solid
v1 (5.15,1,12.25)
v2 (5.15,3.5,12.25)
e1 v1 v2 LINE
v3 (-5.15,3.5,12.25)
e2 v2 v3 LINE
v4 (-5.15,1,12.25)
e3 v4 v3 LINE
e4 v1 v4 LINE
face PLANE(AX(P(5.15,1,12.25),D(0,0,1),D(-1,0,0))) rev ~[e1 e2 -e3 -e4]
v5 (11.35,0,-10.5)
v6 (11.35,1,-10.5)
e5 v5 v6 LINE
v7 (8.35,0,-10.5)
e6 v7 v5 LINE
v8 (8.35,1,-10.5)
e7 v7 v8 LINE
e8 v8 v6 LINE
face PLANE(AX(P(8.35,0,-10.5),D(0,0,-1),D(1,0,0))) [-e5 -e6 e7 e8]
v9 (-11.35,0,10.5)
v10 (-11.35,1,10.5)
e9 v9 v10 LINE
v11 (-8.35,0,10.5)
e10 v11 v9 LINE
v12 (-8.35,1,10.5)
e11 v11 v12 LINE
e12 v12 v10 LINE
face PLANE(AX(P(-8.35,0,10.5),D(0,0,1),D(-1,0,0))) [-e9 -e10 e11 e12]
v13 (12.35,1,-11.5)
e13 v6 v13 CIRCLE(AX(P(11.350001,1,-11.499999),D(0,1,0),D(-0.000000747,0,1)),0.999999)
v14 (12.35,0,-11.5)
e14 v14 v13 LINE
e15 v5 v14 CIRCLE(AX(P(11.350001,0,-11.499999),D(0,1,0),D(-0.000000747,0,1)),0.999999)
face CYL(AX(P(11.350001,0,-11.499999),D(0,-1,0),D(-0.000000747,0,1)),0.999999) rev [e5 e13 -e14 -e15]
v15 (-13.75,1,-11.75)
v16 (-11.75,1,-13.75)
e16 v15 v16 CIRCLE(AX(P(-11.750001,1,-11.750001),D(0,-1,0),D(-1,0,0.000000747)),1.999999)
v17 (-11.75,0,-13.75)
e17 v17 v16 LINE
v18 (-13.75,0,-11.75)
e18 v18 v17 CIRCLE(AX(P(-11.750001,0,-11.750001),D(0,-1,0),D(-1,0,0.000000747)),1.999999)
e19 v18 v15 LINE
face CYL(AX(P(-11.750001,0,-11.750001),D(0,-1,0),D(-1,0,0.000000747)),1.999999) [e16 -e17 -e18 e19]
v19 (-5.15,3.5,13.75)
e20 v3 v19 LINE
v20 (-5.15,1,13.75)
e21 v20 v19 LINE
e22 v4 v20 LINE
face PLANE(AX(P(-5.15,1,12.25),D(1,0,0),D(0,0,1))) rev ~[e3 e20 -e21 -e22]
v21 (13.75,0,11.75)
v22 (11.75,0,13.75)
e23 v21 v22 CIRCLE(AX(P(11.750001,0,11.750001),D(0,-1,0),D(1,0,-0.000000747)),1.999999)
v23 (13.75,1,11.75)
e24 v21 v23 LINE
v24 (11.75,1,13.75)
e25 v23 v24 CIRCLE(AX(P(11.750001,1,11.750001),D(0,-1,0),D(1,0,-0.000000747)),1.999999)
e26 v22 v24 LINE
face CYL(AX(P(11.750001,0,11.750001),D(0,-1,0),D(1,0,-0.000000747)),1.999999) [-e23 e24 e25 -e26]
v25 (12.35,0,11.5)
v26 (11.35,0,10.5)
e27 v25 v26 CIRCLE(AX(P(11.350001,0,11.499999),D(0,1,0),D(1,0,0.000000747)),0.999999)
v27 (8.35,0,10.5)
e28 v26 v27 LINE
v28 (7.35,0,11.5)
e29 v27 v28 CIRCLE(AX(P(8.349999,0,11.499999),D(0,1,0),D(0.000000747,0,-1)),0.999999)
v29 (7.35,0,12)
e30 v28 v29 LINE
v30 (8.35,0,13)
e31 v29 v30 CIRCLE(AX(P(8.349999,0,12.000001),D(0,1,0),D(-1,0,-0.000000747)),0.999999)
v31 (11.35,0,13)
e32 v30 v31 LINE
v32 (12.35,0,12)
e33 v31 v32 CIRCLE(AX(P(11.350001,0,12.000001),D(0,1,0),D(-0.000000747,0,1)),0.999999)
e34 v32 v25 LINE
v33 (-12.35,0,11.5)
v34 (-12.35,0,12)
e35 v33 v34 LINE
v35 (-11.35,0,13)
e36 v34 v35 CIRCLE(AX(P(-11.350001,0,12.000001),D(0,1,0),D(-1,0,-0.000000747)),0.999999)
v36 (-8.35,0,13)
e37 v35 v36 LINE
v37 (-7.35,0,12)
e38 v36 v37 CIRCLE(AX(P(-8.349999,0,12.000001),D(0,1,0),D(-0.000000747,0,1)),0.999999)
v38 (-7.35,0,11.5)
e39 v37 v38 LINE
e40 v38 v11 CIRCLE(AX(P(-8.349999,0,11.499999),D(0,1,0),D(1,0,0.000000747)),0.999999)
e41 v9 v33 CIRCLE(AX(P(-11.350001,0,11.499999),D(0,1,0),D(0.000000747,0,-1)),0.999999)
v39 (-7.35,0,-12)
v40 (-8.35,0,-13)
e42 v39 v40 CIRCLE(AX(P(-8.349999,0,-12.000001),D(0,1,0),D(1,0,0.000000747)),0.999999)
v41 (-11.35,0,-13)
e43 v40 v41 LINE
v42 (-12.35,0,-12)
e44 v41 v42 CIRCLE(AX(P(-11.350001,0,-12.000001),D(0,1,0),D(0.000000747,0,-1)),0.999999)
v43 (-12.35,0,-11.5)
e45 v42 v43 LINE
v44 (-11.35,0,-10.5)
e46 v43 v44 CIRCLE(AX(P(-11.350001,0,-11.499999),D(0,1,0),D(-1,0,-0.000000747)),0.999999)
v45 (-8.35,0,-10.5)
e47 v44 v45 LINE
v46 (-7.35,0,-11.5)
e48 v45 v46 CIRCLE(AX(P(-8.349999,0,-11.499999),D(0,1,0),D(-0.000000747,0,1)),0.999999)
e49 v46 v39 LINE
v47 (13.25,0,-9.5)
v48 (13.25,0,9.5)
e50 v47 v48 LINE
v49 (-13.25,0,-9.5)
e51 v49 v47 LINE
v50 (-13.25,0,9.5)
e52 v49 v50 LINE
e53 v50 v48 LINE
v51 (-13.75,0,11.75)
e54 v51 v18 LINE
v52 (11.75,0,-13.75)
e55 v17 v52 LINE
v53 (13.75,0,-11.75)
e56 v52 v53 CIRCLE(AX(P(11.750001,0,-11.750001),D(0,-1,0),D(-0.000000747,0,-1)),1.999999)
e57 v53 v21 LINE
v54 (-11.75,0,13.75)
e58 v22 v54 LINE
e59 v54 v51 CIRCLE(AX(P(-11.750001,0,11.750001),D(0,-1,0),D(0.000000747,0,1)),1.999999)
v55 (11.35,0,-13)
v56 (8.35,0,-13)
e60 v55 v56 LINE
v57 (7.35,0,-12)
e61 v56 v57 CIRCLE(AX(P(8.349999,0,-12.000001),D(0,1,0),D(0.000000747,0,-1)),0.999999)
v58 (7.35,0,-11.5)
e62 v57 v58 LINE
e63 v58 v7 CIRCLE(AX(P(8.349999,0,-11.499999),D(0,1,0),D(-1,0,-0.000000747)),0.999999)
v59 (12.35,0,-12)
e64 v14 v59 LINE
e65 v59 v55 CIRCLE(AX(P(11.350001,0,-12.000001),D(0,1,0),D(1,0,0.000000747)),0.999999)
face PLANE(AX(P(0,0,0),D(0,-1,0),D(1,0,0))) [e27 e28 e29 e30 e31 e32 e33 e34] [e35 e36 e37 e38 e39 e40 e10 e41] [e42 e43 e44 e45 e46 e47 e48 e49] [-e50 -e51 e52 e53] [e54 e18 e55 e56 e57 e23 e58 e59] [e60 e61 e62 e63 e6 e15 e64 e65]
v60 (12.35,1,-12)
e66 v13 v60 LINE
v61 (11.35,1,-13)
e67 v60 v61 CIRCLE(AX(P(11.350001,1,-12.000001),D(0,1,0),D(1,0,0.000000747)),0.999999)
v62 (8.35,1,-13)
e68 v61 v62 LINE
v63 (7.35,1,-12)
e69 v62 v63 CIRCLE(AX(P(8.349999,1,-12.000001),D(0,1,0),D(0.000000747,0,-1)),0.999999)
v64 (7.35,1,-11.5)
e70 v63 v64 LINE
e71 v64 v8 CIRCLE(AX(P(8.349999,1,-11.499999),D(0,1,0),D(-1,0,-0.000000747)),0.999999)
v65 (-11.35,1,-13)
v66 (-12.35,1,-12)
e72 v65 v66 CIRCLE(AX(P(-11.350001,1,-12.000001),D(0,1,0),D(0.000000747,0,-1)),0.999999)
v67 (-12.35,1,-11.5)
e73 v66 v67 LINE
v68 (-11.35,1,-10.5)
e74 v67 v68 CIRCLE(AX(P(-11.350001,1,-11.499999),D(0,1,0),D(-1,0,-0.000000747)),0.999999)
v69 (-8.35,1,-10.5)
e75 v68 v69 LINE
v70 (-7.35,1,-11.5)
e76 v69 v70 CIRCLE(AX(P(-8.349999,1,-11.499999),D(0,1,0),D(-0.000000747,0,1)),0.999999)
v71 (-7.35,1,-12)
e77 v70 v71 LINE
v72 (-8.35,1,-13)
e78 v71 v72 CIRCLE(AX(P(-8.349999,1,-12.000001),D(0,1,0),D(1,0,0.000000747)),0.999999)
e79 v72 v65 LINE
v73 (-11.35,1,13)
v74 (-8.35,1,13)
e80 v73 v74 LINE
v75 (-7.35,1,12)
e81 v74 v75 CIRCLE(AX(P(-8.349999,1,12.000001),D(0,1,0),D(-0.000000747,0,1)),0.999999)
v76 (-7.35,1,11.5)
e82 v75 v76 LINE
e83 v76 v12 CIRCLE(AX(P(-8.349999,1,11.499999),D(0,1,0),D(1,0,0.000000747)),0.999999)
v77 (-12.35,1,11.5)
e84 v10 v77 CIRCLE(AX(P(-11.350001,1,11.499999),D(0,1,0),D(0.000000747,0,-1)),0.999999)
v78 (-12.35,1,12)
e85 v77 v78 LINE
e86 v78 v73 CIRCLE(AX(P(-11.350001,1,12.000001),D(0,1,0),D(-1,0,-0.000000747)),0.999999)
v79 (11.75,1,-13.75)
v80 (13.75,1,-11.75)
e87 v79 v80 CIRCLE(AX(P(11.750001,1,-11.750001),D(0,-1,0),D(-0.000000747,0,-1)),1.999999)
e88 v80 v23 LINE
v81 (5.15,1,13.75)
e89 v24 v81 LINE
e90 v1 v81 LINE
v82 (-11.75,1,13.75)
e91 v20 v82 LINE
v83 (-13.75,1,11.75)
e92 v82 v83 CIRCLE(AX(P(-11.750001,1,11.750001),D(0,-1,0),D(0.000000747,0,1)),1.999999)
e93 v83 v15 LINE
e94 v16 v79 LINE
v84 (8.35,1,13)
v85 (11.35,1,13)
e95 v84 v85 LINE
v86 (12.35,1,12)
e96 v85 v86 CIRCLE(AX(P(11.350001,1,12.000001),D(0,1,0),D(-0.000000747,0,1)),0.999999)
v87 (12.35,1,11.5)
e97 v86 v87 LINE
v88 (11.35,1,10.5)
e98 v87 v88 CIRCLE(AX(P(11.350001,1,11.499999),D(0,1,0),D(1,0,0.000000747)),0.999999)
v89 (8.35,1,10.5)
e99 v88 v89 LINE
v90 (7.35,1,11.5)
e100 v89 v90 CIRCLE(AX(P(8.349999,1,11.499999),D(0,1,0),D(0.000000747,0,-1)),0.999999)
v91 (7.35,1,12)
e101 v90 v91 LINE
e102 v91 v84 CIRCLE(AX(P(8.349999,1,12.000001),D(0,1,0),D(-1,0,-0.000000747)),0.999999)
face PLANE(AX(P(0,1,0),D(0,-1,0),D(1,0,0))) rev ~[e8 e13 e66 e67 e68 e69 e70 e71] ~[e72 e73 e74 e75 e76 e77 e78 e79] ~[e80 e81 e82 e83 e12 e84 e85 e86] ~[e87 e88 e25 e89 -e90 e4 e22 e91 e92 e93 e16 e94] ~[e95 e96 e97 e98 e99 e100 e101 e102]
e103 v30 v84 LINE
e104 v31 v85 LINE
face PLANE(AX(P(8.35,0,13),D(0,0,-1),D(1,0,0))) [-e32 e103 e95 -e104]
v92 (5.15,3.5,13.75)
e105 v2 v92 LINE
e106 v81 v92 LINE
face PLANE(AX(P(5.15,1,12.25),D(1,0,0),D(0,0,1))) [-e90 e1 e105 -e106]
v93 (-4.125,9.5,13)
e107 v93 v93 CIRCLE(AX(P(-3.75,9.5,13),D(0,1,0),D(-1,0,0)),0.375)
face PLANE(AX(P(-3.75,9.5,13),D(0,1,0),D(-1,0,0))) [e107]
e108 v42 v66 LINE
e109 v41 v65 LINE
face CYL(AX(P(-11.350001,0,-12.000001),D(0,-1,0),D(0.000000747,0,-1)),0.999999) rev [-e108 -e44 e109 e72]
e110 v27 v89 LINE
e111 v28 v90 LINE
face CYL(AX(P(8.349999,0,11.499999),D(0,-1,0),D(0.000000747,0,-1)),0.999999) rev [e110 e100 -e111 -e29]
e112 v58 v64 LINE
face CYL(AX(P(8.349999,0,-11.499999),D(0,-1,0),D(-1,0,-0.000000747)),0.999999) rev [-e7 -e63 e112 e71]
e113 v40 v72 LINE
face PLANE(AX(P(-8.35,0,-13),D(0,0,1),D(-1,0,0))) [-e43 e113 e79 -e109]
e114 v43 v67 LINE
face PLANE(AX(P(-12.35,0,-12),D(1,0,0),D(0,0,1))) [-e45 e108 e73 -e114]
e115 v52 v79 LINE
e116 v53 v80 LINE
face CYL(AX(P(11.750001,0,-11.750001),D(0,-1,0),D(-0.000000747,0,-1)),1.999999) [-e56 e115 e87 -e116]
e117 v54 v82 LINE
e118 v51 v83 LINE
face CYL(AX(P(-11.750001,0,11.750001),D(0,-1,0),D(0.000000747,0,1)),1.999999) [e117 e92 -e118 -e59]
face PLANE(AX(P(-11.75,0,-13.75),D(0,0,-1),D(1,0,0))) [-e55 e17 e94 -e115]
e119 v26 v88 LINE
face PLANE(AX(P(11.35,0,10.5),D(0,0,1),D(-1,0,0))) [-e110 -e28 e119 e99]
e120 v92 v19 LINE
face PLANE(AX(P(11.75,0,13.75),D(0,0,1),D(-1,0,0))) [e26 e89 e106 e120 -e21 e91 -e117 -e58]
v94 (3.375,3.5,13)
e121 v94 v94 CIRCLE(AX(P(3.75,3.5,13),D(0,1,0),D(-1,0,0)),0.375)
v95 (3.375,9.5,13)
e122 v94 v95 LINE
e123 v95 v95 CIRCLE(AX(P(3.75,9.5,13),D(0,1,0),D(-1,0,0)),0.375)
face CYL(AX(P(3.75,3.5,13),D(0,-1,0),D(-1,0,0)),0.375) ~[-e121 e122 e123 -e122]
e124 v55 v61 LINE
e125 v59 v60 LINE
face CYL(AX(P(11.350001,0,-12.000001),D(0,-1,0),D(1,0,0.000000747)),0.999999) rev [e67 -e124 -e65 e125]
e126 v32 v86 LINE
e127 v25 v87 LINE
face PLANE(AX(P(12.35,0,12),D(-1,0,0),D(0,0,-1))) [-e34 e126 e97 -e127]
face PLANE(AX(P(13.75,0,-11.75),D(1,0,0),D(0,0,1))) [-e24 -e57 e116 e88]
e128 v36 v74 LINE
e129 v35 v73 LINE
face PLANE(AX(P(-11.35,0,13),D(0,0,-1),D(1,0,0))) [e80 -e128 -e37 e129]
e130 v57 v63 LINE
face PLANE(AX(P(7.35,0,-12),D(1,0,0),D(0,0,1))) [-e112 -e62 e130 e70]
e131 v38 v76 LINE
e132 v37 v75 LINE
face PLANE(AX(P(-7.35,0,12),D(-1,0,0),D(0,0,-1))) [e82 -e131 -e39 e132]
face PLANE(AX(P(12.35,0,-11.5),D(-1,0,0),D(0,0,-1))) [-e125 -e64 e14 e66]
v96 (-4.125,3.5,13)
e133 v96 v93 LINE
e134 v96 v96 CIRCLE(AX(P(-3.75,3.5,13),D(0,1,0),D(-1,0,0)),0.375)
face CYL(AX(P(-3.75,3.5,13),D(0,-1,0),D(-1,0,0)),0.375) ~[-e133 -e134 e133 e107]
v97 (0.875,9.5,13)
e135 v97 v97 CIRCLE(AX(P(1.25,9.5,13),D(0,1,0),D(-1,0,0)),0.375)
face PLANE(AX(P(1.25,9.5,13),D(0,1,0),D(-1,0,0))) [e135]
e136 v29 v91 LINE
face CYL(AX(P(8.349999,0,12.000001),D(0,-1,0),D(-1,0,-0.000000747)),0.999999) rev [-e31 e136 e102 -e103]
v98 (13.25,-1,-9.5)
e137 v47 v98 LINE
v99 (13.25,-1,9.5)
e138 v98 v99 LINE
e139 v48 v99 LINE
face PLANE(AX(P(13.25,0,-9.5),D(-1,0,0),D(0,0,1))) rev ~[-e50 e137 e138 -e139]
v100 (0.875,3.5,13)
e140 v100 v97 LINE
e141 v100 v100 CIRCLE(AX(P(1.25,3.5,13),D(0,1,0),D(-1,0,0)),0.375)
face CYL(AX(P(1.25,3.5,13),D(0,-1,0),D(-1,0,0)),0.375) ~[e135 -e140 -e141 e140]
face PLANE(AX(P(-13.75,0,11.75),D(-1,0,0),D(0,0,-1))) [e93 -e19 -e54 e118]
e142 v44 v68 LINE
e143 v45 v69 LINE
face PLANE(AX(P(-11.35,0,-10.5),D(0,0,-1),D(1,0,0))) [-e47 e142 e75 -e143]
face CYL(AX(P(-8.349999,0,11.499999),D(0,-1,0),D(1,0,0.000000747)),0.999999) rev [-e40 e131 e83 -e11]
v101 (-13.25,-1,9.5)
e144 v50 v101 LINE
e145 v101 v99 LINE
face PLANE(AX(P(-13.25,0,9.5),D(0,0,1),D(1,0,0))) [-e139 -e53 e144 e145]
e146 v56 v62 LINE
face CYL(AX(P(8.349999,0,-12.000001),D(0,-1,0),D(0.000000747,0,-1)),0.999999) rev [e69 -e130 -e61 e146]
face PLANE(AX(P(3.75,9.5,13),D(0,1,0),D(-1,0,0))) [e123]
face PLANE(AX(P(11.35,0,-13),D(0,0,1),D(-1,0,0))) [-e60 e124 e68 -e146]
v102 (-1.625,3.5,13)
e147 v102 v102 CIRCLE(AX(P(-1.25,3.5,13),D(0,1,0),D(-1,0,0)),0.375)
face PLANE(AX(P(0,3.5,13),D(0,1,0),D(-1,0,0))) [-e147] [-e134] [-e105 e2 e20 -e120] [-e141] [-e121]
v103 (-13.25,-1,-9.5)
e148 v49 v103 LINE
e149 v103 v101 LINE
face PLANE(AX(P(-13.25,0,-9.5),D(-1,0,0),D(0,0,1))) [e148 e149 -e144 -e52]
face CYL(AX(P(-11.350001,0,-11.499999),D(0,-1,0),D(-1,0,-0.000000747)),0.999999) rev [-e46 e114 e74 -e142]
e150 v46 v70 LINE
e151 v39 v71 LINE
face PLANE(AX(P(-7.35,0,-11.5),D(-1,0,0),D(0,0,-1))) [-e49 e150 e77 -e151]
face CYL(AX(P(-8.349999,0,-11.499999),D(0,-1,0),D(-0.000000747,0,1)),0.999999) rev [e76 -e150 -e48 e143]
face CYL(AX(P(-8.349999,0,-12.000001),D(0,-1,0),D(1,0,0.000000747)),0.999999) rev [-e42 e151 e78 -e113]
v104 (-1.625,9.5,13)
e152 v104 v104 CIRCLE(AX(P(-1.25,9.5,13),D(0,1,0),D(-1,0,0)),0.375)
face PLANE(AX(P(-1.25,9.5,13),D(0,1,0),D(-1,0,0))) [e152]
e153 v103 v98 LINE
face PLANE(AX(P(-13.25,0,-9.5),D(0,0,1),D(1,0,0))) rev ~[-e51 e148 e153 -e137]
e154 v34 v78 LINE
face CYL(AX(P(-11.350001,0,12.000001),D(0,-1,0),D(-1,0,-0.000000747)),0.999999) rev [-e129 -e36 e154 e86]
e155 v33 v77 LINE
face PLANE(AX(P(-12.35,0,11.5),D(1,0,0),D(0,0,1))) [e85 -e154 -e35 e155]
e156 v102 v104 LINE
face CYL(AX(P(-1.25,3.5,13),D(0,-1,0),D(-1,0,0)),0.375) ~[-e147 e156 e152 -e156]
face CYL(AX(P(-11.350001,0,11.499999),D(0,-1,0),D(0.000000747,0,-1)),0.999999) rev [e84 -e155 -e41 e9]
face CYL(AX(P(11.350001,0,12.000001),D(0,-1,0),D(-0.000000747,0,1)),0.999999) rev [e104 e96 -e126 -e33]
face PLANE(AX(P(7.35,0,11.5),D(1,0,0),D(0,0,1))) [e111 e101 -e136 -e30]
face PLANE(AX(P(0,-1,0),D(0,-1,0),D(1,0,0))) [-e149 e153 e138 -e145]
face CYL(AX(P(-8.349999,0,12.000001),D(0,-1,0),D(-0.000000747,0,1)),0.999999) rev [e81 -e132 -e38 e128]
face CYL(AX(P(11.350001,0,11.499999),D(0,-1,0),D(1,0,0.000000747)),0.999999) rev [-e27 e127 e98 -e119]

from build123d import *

# Parameters (mm, degrees)
F1_DEPTH = 1
F2_W     = 26.5
F2_H     = 19
F3_DEPTH = 1
F4_W     = 10.3
F4_H     = 1.5
F5_DEPTH = 2.5
F6_R     = 0.375
F7_DEPTH = 6


with BuildPart() as f1:
    # F0 (on Front) → F1 (new body)
    with BuildSketch(Plane.XZ):
        with BuildLine():
            ThreePointArc((13.75, 11.75), (13.164214, 13.164214), (11.75, 13.75))
            Line((11.75, 13.75), (-11.75, 13.75))
            ThreePointArc((-11.75, 13.75), (-13.164214, 13.164214), (-13.75, 11.75))
            Line((-13.75, 11.75), (-13.75, -11.75))
            ThreePointArc((-13.75, -11.75), (-13.164214, -13.164214), (-11.75, -13.75))
            Line((-11.75, -13.75), (11.75, -13.75))
            ThreePointArc((11.75, -13.75), (13.164214, -13.164214), (13.75, -11.75))
            Line((13.75, -11.75), (13.75, 11.75))
        make_face()
        with BuildLine():
            Line((-11.35, -10.5), (-8.35, -10.5))
            ThreePointArc((-8.35, -10.5), (-7.642893, -10.792893), (-7.35, -11.5))
            Line((-7.35, -11.5), (-7.35, -12))
            ThreePointArc((-7.35, -12), (-7.642893, -12.707107), (-8.35, -13))
            Line((-8.35, -13), (-11.35, -13))
            ThreePointArc((-11.35, -13), (-12.057107, -12.707107), (-12.35, -12))
            Line((-12.35, -12), (-12.35, -11.5))
            ThreePointArc((-12.35, -11.5), (-12.057107, -10.792893), (-11.35, -10.5))
        make_face(mode=Mode.SUBTRACT)
        with BuildLine():
            Line((7.35, -12), (7.35, -11.5))
            ThreePointArc((7.35, -11.5), (7.642893, -10.792893), (8.35, -10.5))
            Line((8.35, -10.5), (11.35, -10.5))
            ThreePointArc((11.35, -10.5), (12.057107, -10.792893), (12.35, -11.5))
            Line((12.35, -11.5), (12.35, -12))
            ThreePointArc((12.35, -12), (12.057107, -12.707107), (11.35, -13))
            Line((11.35, -13), (8.35, -13))
            ThreePointArc((8.35, -13), (7.642893, -12.707107), (7.35, -12))
        make_face(mode=Mode.SUBTRACT)
        with BuildLine():
            Line((-7.35, 12), (-7.35, 11.5))
            ThreePointArc((-7.35, 11.5), (-7.642893, 10.792893), (-8.35, 10.5))
            Line((-8.35, 10.5), (-11.35, 10.5))
            ThreePointArc((-11.35, 10.5), (-12.057107, 10.792893), (-12.35, 11.5))
            Line((-12.35, 11.5), (-12.35, 12))
            ThreePointArc((-12.35, 12), (-12.057107, 12.707107), (-11.35, 13))
            Line((-11.35, 13), (-8.35, 13))
            ThreePointArc((-8.35, 13), (-7.642893, 12.707107), (-7.35, 12))
        make_face(mode=Mode.SUBTRACT)
        with BuildLine():
            Line((11.35, 10.5), (8.35, 10.5))
            ThreePointArc((8.35, 10.5), (7.642893, 10.792893), (7.35, 11.5))
            Line((7.35, 11.5), (7.35, 12))
            ThreePointArc((7.35, 12), (7.642893, 12.707107), (8.35, 13))
            Line((8.35, 13), (11.35, 13))
            ThreePointArc((11.35, 13), (12.057107, 12.707107), (12.35, 12))
            Line((12.35, 12), (12.35, 11.5))
            ThreePointArc((12.35, 11.5), (12.057107, 10.792893), (11.35, 10.5))
        make_face(mode=Mode.SUBTRACT)
    extrude(amount=-F1_DEPTH)

    # F2 (on face) → F3 (join)
    with BuildSketch(Plane.XZ):
        Rectangle(F2_W, F2_H)
    extrude(amount=F3_DEPTH)

    # F4 (on face) → F5 (join)
    with BuildSketch(Plane(origin=(0, 1, 0), x_dir=(-1, 0, 0), z_dir=(0, 1, 0))):
        with Locations((0, 13)):
            Rectangle(F4_W, F4_H)
    extrude(amount=F5_DEPTH)

    # F6 (on face) → F7 (join)
    with BuildSketch(Plane(origin=(0, 3.5, 0), x_dir=(-1, 0, 0), z_dir=(0, 1, 0))):
        with Locations((-1.25, 13)):
            Circle(F6_R)
        with Locations((-3.75, 13)):
            Circle(F6_R)
        with Locations((1.25, 13)):
            Circle(F6_R)
        with Locations((3.75, 13)):
            Circle(F6_R)
    extrude(amount=F7_DEPTH)


solid = f1.part
